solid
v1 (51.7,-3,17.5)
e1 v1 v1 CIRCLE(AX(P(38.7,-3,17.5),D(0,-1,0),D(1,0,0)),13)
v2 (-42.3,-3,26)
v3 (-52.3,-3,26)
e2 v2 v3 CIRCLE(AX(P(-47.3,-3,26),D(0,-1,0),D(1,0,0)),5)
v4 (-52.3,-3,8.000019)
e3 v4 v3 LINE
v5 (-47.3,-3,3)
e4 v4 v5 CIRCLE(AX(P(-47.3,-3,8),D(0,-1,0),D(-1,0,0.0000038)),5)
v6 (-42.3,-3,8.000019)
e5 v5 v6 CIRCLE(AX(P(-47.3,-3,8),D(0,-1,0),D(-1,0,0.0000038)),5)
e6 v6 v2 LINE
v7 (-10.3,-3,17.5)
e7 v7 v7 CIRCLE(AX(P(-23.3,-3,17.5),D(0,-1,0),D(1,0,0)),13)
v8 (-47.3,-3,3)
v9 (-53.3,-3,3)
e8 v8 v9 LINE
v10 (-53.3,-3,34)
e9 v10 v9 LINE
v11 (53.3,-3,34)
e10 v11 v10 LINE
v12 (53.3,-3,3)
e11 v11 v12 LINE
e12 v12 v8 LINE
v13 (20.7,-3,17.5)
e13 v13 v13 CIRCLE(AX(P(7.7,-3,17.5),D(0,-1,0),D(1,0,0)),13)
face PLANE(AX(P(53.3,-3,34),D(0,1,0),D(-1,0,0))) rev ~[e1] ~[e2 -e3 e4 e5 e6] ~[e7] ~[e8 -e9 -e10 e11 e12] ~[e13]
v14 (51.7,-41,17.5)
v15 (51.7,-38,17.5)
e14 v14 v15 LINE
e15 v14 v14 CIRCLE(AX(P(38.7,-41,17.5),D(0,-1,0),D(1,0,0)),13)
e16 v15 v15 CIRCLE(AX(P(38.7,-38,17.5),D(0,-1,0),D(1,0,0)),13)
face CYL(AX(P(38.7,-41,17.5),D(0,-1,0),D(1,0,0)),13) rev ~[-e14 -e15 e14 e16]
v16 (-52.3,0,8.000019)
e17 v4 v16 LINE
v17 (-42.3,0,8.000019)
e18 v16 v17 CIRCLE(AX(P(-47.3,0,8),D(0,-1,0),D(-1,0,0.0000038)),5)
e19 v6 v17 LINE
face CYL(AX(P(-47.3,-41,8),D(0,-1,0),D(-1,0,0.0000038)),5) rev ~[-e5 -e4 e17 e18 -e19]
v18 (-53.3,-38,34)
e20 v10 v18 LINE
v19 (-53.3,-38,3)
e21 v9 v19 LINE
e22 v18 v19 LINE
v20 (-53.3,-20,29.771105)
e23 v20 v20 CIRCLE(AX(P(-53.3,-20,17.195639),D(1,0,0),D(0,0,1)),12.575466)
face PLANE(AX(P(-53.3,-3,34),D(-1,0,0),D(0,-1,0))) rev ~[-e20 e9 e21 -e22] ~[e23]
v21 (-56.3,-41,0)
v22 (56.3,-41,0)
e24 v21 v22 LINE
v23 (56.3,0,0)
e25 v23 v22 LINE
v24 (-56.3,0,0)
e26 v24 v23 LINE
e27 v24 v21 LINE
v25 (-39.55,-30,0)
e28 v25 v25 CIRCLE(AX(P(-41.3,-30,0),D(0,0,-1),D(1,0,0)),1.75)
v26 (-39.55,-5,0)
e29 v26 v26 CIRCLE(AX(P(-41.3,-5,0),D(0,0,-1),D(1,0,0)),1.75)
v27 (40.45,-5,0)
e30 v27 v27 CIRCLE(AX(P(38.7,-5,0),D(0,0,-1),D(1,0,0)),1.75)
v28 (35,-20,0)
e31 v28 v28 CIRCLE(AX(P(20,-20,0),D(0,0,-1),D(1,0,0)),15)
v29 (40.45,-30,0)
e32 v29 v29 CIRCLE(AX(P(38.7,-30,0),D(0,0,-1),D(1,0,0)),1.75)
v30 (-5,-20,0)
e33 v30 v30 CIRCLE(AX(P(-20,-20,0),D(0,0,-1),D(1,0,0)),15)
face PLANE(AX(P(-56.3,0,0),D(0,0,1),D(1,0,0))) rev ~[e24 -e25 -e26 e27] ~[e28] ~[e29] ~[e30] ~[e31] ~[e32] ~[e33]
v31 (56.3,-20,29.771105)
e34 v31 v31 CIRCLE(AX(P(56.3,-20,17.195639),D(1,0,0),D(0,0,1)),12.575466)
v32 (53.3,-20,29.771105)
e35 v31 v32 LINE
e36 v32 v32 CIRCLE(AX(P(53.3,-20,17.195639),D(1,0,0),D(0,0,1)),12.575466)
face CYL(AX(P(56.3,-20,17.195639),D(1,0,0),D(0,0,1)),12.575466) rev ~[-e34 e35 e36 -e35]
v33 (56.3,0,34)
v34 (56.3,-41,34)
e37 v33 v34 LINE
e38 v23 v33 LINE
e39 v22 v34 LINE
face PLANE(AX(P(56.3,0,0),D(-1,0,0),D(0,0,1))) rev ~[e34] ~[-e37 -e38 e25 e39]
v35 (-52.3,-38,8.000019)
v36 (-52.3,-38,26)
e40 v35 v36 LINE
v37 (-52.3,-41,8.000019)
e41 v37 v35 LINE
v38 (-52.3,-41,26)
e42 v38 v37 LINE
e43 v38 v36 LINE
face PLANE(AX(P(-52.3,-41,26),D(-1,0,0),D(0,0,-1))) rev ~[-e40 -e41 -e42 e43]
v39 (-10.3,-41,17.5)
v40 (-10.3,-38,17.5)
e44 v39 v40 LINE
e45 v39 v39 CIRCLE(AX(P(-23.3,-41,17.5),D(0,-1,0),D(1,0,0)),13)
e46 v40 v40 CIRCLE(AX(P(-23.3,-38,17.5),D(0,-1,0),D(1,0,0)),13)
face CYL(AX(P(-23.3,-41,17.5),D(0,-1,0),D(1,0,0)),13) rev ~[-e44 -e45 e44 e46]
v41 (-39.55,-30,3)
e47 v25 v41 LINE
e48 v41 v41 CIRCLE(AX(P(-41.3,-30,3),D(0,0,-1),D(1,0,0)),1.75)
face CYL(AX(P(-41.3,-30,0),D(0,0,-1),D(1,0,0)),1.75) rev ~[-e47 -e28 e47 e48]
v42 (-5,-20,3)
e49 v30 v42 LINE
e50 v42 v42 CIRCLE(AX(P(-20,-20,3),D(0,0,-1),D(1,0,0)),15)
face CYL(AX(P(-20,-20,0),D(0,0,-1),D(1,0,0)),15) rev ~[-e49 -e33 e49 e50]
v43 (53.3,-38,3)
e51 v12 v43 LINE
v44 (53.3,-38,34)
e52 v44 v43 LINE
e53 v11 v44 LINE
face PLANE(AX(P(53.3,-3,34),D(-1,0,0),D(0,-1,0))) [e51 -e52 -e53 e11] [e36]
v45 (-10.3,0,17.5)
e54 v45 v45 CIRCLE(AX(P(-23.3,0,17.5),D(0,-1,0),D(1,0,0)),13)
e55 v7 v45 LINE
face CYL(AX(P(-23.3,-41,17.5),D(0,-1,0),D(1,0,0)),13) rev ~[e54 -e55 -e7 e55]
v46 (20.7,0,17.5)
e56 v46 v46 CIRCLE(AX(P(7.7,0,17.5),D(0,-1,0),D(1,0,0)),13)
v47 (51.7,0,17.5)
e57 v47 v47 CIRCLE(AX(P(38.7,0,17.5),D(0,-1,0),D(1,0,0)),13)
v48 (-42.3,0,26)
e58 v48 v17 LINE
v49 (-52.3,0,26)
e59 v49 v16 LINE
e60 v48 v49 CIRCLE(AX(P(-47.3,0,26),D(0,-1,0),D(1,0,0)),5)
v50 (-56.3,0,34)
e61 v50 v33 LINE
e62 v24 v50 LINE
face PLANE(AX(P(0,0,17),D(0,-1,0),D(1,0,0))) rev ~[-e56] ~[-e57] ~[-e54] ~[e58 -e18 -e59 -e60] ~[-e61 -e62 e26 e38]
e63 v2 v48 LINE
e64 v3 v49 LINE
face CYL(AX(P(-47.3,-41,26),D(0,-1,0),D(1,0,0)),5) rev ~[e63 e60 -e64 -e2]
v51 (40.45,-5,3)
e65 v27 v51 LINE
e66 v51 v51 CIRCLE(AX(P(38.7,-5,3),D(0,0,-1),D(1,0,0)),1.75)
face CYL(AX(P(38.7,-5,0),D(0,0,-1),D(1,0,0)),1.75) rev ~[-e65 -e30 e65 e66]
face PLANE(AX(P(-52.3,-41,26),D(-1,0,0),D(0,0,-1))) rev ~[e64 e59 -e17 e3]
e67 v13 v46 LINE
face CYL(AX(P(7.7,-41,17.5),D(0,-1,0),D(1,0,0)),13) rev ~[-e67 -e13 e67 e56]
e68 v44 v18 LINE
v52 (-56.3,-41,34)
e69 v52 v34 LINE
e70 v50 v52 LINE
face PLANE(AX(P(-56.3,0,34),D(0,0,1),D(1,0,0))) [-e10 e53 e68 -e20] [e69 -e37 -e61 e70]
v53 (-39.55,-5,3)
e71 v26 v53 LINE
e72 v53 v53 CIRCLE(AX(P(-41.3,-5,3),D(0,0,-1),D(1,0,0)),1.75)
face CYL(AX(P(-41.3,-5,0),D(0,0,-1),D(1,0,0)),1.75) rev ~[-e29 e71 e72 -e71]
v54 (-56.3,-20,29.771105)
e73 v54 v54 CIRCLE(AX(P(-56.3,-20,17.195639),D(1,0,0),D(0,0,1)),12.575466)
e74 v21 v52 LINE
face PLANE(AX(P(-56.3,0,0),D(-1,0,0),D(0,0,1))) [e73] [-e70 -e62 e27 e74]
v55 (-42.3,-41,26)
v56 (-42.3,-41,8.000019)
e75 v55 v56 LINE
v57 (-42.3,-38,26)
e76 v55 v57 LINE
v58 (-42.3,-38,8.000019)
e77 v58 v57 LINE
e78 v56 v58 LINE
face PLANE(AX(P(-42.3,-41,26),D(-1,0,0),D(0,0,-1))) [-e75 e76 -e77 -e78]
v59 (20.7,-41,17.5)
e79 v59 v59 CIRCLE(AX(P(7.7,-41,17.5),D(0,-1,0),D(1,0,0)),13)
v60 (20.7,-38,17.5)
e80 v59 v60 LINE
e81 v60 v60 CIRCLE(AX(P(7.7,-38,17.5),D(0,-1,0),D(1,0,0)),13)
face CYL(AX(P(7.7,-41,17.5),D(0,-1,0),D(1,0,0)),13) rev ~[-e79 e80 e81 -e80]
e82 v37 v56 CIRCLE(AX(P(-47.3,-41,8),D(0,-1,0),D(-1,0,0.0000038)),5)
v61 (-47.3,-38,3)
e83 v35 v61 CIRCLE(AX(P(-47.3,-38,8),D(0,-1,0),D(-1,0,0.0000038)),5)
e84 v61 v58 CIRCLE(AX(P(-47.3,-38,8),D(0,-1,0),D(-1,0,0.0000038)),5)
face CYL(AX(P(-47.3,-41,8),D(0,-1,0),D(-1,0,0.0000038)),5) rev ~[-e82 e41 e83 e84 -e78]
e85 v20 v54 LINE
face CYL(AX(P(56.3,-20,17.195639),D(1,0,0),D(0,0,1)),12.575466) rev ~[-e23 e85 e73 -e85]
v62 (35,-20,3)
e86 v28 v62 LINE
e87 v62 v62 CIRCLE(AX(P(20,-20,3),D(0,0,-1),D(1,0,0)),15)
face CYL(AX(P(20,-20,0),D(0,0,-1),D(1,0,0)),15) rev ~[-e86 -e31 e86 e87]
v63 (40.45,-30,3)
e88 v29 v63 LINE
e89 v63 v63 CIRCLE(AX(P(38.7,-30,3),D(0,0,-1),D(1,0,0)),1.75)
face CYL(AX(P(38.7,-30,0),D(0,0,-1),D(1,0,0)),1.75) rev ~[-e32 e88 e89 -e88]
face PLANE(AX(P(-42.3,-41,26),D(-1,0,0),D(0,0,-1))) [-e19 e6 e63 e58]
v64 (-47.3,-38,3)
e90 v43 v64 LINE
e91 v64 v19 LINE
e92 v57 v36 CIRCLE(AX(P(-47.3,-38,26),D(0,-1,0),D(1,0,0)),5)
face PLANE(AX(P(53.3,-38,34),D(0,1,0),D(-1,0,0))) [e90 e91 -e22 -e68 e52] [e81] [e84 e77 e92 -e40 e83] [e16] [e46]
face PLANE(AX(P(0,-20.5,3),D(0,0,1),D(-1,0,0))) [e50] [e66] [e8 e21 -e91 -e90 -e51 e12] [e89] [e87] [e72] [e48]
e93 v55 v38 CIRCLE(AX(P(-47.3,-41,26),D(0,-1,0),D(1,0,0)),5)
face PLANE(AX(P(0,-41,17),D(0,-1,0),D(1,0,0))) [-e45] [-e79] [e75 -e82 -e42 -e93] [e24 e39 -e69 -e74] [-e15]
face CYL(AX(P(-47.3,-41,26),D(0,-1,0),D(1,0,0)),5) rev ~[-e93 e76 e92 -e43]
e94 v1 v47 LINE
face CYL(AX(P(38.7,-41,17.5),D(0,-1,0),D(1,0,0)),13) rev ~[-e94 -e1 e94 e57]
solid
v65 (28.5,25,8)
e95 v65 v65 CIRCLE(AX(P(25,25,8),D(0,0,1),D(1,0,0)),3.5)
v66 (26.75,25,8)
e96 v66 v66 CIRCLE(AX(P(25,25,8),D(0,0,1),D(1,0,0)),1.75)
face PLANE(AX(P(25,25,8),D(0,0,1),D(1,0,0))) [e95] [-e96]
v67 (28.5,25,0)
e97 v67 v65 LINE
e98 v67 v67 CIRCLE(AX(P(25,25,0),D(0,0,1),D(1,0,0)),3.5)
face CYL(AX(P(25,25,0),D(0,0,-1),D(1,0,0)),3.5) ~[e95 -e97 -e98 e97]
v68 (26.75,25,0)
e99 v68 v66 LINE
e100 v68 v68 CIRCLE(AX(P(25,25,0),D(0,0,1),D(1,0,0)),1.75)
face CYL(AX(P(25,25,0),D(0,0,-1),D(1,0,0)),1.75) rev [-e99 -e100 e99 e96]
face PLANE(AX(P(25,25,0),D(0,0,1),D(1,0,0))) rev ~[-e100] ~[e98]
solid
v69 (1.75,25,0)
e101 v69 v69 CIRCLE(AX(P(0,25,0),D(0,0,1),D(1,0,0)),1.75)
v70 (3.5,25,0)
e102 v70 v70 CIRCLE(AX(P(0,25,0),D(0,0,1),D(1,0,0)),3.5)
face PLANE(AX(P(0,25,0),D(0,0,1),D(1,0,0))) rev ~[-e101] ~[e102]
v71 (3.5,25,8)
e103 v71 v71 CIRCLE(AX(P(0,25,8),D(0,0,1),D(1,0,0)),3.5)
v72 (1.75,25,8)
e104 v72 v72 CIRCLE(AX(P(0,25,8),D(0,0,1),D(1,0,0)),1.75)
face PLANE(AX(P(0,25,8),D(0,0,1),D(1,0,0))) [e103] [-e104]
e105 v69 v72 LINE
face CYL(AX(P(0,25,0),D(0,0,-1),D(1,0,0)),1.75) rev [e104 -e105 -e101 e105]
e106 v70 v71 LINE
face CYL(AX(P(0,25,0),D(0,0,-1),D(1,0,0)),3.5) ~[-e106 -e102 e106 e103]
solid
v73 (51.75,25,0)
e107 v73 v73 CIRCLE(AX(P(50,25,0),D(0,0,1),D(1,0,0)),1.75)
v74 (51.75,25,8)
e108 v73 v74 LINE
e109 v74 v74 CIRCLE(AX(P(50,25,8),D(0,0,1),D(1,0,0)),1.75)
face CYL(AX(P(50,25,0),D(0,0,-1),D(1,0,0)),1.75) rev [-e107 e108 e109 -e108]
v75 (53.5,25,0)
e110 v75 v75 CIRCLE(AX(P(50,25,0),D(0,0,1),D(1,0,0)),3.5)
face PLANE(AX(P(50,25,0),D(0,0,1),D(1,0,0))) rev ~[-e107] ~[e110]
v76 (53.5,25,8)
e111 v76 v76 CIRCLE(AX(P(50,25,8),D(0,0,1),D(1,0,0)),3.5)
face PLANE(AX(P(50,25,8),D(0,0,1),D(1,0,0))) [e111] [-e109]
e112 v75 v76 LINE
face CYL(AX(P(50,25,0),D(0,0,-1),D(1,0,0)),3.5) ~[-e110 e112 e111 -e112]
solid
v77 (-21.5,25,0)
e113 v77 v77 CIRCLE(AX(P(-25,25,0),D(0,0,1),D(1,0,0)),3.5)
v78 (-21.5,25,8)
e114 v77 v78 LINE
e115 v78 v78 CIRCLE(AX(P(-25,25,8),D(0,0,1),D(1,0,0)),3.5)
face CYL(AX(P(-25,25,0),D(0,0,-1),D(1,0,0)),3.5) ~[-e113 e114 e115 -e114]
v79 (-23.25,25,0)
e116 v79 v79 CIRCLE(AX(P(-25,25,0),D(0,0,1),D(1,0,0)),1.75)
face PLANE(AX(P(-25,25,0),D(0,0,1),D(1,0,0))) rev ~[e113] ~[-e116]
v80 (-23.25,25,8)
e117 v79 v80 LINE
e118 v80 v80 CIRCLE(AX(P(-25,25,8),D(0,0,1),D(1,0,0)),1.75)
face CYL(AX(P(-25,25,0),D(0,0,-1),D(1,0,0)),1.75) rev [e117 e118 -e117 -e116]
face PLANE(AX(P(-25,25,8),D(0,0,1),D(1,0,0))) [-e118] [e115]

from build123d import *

# Parameters (mm, degrees)
SKETCH_R        = 3.5
SKETCH_R_2      = 1.75
PAD_DEPTH       = 8
SKETCH001_W     = 112.6
SKETCH001_H     = 34
PAD001_DEPTH    = 41
SKETCH002_W     = 106.6
SKETCH002_H     = 35
POCKET_DEPTH    = 31
SKETCH004_R     = 13
POCKET001_DEPTH = 41.001
SKETCH003_R     = 1.75
SKETCH003_R_2   = 15
POCKET002_DEPTH = 5
SKETCH005_R     = 12.575466
POCKET003_DEPTH = 112.601
SKETCH006_R     = 3.5
SKETCH006_R_2   = 1.75
PAD002_DEPTH    = 8
SKETCH007_R     = 3.5
SKETCH007_R_2   = 1.75
PAD003_DEPTH    = 8
SKETCH008_R     = 3.5
SKETCH008_R_2   = 1.75
PAD004_DEPTH    = 8


with BuildPart() as pad:
    # Sketch → Pad (new body)
    with BuildSketch(Plane(origin=(50, 25, 0), x_dir=(1, 0, 0), z_dir=(0, 0, 1))):
        Circle(SKETCH_R)
        Circle(SKETCH_R_2, mode=Mode.SUBTRACT)
    extrude(amount=PAD_DEPTH)


with BuildPart() as battery_box:
    # Sketch001 → Pad001 (new body)
    with BuildSketch(Plane.XZ):
        with Locations((0, 17)):
            Rectangle(SKETCH001_W, SKETCH001_H)
    extrude(amount=PAD001_DEPTH)

    # Sketch002 → Pocket (cut)
    with BuildSketch(Plane(origin=(0, 0, 34), x_dir=(-1, 0, 0), z_dir=(0, 0, 1))):
        with Locations((0, 20.5)):
            Rectangle(SKETCH002_W, SKETCH002_H)
    extrude(amount=-POCKET_DEPTH, mode=Mode.SUBTRACT)

    # Sketch004 → Pocket001 (cut, through all)
    with BuildSketch(Plane.XZ.offset(41)):
        with Locations((-23.3, 17.5)):
            Circle(SKETCH004_R)
        with Locations((7.7, 17.5)):
            Circle(SKETCH004_R)
        with Locations((38.7, 17.5)):
            Circle(SKETCH004_R)
        with BuildLine():
            ThreePointArc((-42.3, 26), (-47.3, 31), (-52.3, 26))
            Line((-52.3, 26), (-52.3, 8.000019))
            ThreePointArc((-52.3, 8.000019), (-47.3, 3), (-42.3, 8.000019))
            Line((-42.3, 26), (-42.3, 8.000019))
        make_face()
    extrude(amount=-POCKET001_DEPTH, mode=Mode.SUBTRACT)

    # Sketch003 → Pocket002 (cut)
    with BuildSketch(Plane(origin=(0, 0, 0), x_dir=(1, 0, 0), z_dir=(0, 0, -1))):
        with Locations((-41.3, 30)):
            Circle(SKETCH003_R)
        with Locations((38.7, 30)):
            Circle(SKETCH003_R)
        with Locations((-41.3, 5)):
            Circle(SKETCH003_R)
        with Locations((38.7, 5)):
            Circle(SKETCH003_R)
        with Locations((-20, 20)):
            Circle(SKETCH003_R_2)
        with Locations((20, 20)):
            Circle(SKETCH003_R_2)
    extrude(amount=-POCKET002_DEPTH, mode=Mode.SUBTRACT)

    # Sketch005 → Pocket003 (cut, through all)
    with BuildSketch(Plane(origin=(56.3, 0, 0), x_dir=(0, 0, 1), z_dir=(1, 0, 0))):
        with Locations((17.195639, 20)):
            Circle(SKETCH005_R)
    extrude(amount=-POCKET003_DEPTH, mode=Mode.SUBTRACT)


with BuildPart() as pad002:
    # Sketch006 → Pad002 (new body)
    with BuildSketch(Plane(origin=(-25, 25, 0), x_dir=(1, 0, 0), z_dir=(0, 0, 1))):
        Circle(SKETCH006_R)
        Circle(SKETCH006_R_2, mode=Mode.SUBTRACT)
    extrude(amount=PAD002_DEPTH)


with BuildPart() as pad003:
    # Sketch007 → Pad003 (new body)
    with BuildSketch(Plane(origin=(25, 25, 0), x_dir=(1, 0, 0), z_dir=(0, 0, 1))):
        Circle(SKETCH007_R)
        Circle(SKETCH007_R_2, mode=Mode.SUBTRACT)
    extrude(amount=PAD003_DEPTH)


with BuildPart() as pad004:
    # Sketch008 → Pad004 (new body)
    with BuildSketch(Plane(origin=(0, 25, 0), x_dir=(1, 0, 0), z_dir=(0, 0, 1))):
        Circle(SKETCH008_R)
        Circle(SKETCH008_R_2, mode=Mode.SUBTRACT)
    extrude(amount=PAD004_DEPTH)


solid = Compound([pad.part, battery_box.part, pad002.part, pad003.part, pad004.part])
